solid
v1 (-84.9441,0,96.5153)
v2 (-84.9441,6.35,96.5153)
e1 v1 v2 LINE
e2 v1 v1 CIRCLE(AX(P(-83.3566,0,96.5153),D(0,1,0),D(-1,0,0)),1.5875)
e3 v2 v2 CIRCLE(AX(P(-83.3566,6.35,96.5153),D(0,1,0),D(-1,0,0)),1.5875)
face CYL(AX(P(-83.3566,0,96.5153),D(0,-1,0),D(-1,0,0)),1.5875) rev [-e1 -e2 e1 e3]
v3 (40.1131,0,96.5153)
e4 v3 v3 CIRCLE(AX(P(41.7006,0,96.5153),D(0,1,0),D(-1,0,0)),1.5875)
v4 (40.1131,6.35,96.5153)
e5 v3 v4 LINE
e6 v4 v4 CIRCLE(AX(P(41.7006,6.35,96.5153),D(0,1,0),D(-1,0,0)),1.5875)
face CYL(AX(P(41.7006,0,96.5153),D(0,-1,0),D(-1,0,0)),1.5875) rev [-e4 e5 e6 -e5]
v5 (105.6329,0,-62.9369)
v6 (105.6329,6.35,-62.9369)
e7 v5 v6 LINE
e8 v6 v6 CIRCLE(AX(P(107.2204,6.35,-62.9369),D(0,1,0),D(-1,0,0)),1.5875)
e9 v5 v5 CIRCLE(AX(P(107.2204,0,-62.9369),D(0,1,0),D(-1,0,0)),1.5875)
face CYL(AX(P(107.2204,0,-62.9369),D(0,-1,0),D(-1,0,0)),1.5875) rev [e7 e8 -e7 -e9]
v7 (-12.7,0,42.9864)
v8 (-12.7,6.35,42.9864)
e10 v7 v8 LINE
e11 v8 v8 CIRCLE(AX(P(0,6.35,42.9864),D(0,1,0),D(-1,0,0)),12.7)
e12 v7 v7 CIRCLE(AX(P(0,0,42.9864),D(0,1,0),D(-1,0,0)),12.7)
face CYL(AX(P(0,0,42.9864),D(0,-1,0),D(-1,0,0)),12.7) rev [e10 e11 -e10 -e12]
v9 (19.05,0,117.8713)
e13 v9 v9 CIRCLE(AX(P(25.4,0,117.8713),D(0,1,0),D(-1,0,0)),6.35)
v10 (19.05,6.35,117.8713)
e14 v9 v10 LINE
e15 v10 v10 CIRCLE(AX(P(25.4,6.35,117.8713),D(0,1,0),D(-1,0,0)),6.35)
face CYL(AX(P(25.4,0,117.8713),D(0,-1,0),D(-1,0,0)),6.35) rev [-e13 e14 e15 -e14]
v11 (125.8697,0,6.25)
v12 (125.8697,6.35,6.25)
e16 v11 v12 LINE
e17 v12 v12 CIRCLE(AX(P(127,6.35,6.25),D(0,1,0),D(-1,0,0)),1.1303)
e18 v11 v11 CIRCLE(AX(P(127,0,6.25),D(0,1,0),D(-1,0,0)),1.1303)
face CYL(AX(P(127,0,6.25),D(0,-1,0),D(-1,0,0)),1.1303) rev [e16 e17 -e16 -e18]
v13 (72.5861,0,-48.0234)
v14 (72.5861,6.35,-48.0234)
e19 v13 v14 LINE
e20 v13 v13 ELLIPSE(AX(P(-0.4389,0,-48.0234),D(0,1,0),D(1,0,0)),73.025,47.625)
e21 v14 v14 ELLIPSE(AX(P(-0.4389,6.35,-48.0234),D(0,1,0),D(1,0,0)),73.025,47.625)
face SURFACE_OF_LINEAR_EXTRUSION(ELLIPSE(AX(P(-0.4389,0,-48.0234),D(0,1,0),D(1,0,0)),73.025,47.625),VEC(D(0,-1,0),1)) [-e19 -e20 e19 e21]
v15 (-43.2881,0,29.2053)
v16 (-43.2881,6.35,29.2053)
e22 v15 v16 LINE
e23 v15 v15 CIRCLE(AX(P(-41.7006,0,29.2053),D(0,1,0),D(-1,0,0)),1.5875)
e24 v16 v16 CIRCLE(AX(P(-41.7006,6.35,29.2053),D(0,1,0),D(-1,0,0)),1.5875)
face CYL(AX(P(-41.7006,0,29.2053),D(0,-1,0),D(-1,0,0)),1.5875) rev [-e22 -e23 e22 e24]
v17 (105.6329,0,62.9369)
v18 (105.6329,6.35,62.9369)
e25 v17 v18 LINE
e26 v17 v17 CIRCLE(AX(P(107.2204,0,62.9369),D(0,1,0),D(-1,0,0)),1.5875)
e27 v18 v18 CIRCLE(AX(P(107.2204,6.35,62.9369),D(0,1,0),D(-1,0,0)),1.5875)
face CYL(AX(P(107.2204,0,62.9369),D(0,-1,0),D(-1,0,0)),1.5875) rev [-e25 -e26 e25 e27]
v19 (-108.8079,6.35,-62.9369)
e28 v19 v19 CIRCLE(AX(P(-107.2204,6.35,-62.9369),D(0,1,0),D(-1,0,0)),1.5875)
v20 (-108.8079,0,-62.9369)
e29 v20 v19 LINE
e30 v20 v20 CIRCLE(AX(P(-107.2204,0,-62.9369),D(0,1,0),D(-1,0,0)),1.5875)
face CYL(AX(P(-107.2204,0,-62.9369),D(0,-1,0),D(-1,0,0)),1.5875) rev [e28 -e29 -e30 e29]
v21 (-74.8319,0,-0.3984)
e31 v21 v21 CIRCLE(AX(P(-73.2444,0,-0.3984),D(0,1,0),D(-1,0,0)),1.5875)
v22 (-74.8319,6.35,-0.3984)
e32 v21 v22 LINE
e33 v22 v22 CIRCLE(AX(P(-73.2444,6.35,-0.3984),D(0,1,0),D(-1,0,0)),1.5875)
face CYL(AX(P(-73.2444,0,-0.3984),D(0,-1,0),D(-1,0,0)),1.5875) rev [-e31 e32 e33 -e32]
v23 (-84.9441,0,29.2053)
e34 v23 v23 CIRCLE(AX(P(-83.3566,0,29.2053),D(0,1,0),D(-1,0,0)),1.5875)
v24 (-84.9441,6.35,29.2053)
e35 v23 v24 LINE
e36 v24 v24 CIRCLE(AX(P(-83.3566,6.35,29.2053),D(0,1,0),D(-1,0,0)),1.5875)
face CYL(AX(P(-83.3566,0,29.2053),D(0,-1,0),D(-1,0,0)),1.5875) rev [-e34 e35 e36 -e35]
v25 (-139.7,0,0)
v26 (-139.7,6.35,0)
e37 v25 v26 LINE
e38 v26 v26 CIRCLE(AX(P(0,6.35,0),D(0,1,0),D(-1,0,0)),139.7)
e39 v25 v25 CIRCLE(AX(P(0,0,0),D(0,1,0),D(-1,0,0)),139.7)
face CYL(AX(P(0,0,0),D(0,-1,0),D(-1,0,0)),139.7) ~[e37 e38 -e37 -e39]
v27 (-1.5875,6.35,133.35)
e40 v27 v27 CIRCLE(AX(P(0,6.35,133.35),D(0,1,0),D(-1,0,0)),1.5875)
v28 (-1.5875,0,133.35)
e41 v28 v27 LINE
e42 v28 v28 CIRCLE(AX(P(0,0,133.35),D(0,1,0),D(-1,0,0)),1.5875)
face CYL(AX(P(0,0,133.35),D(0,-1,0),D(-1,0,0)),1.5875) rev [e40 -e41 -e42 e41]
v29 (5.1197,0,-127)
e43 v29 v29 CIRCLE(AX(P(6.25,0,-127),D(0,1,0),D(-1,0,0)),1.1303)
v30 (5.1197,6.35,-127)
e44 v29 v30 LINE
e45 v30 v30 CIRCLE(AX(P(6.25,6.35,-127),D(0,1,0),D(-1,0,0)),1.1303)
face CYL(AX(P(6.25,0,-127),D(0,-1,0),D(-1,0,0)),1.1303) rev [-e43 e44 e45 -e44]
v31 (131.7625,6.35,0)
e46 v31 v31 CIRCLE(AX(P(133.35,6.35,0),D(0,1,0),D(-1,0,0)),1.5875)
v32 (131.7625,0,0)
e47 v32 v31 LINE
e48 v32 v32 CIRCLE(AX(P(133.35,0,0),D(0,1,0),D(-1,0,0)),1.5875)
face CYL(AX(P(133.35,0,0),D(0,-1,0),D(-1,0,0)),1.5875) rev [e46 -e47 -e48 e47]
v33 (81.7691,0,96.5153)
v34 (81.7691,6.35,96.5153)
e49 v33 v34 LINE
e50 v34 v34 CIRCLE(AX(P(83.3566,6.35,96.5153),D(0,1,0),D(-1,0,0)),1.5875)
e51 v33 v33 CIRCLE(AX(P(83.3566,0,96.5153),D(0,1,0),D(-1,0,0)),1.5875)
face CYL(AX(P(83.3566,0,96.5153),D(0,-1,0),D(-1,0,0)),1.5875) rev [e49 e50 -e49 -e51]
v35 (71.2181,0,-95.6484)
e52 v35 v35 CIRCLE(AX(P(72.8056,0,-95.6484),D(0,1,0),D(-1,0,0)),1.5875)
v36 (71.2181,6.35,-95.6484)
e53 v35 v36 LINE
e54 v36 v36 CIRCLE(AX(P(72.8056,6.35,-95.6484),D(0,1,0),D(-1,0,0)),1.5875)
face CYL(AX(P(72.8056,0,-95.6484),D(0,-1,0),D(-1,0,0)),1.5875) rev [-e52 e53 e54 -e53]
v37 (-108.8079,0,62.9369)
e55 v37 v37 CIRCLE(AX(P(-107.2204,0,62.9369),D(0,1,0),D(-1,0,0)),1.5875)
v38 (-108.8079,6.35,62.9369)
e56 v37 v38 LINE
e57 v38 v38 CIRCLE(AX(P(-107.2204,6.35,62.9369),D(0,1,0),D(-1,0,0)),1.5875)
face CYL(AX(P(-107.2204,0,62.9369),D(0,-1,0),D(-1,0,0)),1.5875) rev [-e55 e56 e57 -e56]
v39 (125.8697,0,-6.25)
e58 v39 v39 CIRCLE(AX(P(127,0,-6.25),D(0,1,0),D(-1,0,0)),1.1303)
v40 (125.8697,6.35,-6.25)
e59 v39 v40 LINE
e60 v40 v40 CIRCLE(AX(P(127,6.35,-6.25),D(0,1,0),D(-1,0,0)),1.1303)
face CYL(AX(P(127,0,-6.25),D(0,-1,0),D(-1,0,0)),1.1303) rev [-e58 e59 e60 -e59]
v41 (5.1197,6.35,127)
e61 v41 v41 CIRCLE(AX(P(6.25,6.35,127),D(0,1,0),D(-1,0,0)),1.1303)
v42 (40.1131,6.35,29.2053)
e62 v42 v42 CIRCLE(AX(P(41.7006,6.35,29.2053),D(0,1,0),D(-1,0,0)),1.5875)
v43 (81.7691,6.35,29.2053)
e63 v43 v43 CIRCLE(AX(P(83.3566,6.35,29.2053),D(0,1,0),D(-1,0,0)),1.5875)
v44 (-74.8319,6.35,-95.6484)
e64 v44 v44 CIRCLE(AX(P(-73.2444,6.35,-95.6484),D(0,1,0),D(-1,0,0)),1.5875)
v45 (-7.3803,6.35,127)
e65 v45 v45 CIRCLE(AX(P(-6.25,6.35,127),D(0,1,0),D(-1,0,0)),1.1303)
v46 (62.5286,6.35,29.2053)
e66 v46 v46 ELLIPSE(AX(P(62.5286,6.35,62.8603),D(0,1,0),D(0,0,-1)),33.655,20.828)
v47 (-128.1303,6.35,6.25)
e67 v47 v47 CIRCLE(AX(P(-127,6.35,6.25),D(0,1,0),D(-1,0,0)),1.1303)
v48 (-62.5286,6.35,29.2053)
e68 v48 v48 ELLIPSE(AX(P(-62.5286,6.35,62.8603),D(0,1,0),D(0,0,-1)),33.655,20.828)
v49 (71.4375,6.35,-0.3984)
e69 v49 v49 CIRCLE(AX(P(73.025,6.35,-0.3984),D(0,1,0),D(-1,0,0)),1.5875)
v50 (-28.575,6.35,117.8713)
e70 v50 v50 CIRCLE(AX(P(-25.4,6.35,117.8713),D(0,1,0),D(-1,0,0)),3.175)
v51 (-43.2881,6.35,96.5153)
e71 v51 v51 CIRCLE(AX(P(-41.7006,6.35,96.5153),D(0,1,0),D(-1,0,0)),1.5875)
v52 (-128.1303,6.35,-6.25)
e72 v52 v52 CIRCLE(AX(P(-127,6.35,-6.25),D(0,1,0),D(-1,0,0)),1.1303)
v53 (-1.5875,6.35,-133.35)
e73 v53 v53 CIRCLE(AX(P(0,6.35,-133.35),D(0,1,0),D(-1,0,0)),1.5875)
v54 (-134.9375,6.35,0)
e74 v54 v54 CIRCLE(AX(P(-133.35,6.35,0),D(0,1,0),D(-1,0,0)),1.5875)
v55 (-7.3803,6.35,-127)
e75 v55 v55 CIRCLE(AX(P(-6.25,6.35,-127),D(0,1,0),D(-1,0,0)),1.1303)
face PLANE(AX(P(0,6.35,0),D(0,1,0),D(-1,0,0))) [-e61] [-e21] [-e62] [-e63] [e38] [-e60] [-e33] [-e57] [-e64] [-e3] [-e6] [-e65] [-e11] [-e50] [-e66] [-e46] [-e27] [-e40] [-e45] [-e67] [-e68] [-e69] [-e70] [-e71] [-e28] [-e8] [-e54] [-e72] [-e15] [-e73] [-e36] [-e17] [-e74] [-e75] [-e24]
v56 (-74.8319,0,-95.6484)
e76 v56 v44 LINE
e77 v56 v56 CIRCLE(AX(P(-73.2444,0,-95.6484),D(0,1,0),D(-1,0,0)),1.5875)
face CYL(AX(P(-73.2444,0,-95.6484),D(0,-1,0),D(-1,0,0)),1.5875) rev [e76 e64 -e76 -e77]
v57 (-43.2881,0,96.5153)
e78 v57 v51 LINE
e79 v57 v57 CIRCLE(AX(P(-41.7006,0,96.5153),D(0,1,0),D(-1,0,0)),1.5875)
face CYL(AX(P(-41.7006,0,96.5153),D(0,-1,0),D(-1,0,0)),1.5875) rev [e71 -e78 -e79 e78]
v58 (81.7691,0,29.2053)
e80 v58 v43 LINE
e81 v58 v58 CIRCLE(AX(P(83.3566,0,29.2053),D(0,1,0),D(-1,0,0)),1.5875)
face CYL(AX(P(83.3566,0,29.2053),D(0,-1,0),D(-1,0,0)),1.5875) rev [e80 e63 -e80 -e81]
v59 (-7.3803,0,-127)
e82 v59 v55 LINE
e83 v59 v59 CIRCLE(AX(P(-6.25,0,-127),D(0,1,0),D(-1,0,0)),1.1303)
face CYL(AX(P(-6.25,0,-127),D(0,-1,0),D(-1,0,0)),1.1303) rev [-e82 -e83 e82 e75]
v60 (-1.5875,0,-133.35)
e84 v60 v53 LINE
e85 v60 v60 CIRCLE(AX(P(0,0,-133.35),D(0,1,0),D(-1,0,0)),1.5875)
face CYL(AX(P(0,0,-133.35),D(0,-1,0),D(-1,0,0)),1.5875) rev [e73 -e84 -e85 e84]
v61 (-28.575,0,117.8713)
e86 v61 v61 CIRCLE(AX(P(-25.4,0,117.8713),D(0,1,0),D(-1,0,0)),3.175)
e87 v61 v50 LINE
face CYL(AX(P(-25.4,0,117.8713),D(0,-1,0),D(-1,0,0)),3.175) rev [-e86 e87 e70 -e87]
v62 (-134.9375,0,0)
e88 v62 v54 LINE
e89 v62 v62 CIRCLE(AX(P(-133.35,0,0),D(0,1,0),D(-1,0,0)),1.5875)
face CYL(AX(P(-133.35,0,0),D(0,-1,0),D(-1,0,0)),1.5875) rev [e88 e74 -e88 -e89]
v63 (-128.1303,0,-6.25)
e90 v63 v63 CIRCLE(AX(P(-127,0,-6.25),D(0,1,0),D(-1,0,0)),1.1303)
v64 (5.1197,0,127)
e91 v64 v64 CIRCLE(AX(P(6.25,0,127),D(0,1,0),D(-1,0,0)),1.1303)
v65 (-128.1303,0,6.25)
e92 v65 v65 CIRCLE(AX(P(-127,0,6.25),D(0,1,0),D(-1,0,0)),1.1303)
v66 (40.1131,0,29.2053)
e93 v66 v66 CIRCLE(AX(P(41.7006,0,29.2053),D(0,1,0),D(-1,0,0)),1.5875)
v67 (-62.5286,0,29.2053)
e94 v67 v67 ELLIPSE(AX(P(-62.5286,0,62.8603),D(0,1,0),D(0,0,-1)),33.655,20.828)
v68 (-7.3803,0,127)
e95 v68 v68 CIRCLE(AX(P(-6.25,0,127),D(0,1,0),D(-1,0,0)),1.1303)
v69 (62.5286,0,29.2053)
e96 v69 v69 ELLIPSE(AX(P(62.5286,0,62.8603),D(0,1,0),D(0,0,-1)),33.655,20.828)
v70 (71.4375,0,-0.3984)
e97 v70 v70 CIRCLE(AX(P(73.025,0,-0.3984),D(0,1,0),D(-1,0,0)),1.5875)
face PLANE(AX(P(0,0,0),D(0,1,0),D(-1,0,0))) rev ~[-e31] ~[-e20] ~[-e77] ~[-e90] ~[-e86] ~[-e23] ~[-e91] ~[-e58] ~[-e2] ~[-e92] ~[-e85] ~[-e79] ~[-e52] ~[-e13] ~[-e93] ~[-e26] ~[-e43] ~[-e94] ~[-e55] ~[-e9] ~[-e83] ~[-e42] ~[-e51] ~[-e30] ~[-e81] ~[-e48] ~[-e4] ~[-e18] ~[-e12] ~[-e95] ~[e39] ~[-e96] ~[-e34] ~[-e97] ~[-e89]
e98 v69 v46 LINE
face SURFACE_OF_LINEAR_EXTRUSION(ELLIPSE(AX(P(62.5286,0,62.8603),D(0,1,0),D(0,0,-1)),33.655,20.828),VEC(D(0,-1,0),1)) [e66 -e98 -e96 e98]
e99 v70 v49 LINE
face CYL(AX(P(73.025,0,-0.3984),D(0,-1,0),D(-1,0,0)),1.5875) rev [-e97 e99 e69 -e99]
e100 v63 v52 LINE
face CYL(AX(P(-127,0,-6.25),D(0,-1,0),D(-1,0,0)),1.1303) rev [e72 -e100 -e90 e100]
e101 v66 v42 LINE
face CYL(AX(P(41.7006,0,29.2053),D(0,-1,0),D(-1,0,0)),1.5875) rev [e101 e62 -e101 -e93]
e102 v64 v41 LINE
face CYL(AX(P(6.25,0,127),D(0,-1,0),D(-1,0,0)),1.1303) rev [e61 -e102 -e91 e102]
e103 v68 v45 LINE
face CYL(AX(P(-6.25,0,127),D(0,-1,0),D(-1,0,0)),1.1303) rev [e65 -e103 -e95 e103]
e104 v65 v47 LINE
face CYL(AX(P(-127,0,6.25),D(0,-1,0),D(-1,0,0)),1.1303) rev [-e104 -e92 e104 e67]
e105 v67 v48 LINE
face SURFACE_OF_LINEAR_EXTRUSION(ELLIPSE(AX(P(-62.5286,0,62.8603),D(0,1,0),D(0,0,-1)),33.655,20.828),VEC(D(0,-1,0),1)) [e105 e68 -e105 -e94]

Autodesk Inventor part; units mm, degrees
ref_plane "YZ Plane" through (0, 0, 0) normal (1, 0, 0) x (0, 1, 0)
ref_plane "XZ Plane" through (0, 0, 0) normal (0, 1, 0) x (-1, 0, 0)
ref_plane "XY Plane" through (0, 0, 0) normal (0, 0, 1) x (1, 0, 0)
sketch "Sketch1" plane through (0, 0, 0) normal (0, 1, 0) x (-1, 0, 0)
  circle A0 centre (0, 0) radius 139.7
  circle A1 centre (107.2204, 62.9369) radius 1.5875
  circle A2 centre (-107.2204, 62.9369) radius 1.5875
  circle A3 centre (107.2204, -62.9369) radius 1.5875
  circle A4 centre (-107.2204, -62.9369) radius 1.5875
  circle A5 centre (73.2444, -95.6484) radius 1.5875
  circle A6 centre (73.2444, -0.3984) radius 1.5875
  circle A7 centre (-73.025, -0.3984) radius 1.5875
  circle A8 centre (-72.8056, -95.6484) radius 1.5875
  ellipse E0 centre (0.4389, -48.0234) end of major axis (-72.5861, -48.0234) minor radius 47.625
  circle A9 centre (0, 133.35) radius 1.5875
  circle A10 centre (-133.35, 0) radius 1.5875
  circle A11 centre (0, -133.35) radius 1.5875
  circle A12 centre (133.35, 0) radius 1.5875
  circle A13 centre (-25.4, 117.8713) radius 6.35
  circle A14 centre (25.4, 117.8713) radius 3.175
  circle A15 centre (-83.3566, 29.2053) radius 1.5875
  circle A16 centre (-41.7006, 29.2053) radius 1.5875
  circle A17 centre (-41.7006, 96.5153) radius 1.5875
  circle A18 centre (-83.3566, 96.5153) radius 1.5875
  ellipse E1 centre (-62.5286, 62.8603) end of major axis (-62.5286, 29.2053) minor radius 20.828
  circle A19 centre (6.25, 127) radius 1.1303
  circle A20 centre (-6.25, 127) radius 1.1303
  circle A21 centre (-127, -6.25) radius 1.1303
  circle A22 centre (-127, 6.25) radius 1.1303
  circle A23 centre (6.25, -127) radius 1.1303
  circle A24 centre (-6.25, -127) radius 1.1303
  circle A25 centre (127, 6.25) radius 1.1303
  circle A26 centre (127, -6.25) radius 1.1303
  circle A27 centre (0, 42.9864) radius 12.7
  circle A28 centre (41.7006, 29.2053) radius 1.5875
  circle A29 centre (83.3566, 29.2053) radius 1.5875
  ellipse E2 centre (62.5286, 62.8603) end of major axis (62.5286, 29.2053) minor radius 20.828
  circle A30 centre (41.7006, 96.5153) radius 1.5875
  circle A31 centre (83.3566, 96.5153) radius 1.5875
  dimension "d0" = 279.4
  dimension "d60" = 3.175
  dimension "d92" = 3.175
  dimension "d93" = 3.175
  dimension "d94" = 3.175
  dimension "d95" = 3.175
  dimension "d97" = 3.175
  dimension "d100" = 360
  dimension "d102" = 12.7
  dimension "d103" = 6.35
  dimension "d118" = 2.2606
  dimension "d121" = 50.8
  dimension "d122" = 25.4
  dimension "d123" = 25.4
  dimension "d125" = 73.025
  dimension "d126" = 146.05
extrude "Extrusion9" add sketch "Sketch1" along normal blind 6.35
properties part number "Base_Acryllic"
